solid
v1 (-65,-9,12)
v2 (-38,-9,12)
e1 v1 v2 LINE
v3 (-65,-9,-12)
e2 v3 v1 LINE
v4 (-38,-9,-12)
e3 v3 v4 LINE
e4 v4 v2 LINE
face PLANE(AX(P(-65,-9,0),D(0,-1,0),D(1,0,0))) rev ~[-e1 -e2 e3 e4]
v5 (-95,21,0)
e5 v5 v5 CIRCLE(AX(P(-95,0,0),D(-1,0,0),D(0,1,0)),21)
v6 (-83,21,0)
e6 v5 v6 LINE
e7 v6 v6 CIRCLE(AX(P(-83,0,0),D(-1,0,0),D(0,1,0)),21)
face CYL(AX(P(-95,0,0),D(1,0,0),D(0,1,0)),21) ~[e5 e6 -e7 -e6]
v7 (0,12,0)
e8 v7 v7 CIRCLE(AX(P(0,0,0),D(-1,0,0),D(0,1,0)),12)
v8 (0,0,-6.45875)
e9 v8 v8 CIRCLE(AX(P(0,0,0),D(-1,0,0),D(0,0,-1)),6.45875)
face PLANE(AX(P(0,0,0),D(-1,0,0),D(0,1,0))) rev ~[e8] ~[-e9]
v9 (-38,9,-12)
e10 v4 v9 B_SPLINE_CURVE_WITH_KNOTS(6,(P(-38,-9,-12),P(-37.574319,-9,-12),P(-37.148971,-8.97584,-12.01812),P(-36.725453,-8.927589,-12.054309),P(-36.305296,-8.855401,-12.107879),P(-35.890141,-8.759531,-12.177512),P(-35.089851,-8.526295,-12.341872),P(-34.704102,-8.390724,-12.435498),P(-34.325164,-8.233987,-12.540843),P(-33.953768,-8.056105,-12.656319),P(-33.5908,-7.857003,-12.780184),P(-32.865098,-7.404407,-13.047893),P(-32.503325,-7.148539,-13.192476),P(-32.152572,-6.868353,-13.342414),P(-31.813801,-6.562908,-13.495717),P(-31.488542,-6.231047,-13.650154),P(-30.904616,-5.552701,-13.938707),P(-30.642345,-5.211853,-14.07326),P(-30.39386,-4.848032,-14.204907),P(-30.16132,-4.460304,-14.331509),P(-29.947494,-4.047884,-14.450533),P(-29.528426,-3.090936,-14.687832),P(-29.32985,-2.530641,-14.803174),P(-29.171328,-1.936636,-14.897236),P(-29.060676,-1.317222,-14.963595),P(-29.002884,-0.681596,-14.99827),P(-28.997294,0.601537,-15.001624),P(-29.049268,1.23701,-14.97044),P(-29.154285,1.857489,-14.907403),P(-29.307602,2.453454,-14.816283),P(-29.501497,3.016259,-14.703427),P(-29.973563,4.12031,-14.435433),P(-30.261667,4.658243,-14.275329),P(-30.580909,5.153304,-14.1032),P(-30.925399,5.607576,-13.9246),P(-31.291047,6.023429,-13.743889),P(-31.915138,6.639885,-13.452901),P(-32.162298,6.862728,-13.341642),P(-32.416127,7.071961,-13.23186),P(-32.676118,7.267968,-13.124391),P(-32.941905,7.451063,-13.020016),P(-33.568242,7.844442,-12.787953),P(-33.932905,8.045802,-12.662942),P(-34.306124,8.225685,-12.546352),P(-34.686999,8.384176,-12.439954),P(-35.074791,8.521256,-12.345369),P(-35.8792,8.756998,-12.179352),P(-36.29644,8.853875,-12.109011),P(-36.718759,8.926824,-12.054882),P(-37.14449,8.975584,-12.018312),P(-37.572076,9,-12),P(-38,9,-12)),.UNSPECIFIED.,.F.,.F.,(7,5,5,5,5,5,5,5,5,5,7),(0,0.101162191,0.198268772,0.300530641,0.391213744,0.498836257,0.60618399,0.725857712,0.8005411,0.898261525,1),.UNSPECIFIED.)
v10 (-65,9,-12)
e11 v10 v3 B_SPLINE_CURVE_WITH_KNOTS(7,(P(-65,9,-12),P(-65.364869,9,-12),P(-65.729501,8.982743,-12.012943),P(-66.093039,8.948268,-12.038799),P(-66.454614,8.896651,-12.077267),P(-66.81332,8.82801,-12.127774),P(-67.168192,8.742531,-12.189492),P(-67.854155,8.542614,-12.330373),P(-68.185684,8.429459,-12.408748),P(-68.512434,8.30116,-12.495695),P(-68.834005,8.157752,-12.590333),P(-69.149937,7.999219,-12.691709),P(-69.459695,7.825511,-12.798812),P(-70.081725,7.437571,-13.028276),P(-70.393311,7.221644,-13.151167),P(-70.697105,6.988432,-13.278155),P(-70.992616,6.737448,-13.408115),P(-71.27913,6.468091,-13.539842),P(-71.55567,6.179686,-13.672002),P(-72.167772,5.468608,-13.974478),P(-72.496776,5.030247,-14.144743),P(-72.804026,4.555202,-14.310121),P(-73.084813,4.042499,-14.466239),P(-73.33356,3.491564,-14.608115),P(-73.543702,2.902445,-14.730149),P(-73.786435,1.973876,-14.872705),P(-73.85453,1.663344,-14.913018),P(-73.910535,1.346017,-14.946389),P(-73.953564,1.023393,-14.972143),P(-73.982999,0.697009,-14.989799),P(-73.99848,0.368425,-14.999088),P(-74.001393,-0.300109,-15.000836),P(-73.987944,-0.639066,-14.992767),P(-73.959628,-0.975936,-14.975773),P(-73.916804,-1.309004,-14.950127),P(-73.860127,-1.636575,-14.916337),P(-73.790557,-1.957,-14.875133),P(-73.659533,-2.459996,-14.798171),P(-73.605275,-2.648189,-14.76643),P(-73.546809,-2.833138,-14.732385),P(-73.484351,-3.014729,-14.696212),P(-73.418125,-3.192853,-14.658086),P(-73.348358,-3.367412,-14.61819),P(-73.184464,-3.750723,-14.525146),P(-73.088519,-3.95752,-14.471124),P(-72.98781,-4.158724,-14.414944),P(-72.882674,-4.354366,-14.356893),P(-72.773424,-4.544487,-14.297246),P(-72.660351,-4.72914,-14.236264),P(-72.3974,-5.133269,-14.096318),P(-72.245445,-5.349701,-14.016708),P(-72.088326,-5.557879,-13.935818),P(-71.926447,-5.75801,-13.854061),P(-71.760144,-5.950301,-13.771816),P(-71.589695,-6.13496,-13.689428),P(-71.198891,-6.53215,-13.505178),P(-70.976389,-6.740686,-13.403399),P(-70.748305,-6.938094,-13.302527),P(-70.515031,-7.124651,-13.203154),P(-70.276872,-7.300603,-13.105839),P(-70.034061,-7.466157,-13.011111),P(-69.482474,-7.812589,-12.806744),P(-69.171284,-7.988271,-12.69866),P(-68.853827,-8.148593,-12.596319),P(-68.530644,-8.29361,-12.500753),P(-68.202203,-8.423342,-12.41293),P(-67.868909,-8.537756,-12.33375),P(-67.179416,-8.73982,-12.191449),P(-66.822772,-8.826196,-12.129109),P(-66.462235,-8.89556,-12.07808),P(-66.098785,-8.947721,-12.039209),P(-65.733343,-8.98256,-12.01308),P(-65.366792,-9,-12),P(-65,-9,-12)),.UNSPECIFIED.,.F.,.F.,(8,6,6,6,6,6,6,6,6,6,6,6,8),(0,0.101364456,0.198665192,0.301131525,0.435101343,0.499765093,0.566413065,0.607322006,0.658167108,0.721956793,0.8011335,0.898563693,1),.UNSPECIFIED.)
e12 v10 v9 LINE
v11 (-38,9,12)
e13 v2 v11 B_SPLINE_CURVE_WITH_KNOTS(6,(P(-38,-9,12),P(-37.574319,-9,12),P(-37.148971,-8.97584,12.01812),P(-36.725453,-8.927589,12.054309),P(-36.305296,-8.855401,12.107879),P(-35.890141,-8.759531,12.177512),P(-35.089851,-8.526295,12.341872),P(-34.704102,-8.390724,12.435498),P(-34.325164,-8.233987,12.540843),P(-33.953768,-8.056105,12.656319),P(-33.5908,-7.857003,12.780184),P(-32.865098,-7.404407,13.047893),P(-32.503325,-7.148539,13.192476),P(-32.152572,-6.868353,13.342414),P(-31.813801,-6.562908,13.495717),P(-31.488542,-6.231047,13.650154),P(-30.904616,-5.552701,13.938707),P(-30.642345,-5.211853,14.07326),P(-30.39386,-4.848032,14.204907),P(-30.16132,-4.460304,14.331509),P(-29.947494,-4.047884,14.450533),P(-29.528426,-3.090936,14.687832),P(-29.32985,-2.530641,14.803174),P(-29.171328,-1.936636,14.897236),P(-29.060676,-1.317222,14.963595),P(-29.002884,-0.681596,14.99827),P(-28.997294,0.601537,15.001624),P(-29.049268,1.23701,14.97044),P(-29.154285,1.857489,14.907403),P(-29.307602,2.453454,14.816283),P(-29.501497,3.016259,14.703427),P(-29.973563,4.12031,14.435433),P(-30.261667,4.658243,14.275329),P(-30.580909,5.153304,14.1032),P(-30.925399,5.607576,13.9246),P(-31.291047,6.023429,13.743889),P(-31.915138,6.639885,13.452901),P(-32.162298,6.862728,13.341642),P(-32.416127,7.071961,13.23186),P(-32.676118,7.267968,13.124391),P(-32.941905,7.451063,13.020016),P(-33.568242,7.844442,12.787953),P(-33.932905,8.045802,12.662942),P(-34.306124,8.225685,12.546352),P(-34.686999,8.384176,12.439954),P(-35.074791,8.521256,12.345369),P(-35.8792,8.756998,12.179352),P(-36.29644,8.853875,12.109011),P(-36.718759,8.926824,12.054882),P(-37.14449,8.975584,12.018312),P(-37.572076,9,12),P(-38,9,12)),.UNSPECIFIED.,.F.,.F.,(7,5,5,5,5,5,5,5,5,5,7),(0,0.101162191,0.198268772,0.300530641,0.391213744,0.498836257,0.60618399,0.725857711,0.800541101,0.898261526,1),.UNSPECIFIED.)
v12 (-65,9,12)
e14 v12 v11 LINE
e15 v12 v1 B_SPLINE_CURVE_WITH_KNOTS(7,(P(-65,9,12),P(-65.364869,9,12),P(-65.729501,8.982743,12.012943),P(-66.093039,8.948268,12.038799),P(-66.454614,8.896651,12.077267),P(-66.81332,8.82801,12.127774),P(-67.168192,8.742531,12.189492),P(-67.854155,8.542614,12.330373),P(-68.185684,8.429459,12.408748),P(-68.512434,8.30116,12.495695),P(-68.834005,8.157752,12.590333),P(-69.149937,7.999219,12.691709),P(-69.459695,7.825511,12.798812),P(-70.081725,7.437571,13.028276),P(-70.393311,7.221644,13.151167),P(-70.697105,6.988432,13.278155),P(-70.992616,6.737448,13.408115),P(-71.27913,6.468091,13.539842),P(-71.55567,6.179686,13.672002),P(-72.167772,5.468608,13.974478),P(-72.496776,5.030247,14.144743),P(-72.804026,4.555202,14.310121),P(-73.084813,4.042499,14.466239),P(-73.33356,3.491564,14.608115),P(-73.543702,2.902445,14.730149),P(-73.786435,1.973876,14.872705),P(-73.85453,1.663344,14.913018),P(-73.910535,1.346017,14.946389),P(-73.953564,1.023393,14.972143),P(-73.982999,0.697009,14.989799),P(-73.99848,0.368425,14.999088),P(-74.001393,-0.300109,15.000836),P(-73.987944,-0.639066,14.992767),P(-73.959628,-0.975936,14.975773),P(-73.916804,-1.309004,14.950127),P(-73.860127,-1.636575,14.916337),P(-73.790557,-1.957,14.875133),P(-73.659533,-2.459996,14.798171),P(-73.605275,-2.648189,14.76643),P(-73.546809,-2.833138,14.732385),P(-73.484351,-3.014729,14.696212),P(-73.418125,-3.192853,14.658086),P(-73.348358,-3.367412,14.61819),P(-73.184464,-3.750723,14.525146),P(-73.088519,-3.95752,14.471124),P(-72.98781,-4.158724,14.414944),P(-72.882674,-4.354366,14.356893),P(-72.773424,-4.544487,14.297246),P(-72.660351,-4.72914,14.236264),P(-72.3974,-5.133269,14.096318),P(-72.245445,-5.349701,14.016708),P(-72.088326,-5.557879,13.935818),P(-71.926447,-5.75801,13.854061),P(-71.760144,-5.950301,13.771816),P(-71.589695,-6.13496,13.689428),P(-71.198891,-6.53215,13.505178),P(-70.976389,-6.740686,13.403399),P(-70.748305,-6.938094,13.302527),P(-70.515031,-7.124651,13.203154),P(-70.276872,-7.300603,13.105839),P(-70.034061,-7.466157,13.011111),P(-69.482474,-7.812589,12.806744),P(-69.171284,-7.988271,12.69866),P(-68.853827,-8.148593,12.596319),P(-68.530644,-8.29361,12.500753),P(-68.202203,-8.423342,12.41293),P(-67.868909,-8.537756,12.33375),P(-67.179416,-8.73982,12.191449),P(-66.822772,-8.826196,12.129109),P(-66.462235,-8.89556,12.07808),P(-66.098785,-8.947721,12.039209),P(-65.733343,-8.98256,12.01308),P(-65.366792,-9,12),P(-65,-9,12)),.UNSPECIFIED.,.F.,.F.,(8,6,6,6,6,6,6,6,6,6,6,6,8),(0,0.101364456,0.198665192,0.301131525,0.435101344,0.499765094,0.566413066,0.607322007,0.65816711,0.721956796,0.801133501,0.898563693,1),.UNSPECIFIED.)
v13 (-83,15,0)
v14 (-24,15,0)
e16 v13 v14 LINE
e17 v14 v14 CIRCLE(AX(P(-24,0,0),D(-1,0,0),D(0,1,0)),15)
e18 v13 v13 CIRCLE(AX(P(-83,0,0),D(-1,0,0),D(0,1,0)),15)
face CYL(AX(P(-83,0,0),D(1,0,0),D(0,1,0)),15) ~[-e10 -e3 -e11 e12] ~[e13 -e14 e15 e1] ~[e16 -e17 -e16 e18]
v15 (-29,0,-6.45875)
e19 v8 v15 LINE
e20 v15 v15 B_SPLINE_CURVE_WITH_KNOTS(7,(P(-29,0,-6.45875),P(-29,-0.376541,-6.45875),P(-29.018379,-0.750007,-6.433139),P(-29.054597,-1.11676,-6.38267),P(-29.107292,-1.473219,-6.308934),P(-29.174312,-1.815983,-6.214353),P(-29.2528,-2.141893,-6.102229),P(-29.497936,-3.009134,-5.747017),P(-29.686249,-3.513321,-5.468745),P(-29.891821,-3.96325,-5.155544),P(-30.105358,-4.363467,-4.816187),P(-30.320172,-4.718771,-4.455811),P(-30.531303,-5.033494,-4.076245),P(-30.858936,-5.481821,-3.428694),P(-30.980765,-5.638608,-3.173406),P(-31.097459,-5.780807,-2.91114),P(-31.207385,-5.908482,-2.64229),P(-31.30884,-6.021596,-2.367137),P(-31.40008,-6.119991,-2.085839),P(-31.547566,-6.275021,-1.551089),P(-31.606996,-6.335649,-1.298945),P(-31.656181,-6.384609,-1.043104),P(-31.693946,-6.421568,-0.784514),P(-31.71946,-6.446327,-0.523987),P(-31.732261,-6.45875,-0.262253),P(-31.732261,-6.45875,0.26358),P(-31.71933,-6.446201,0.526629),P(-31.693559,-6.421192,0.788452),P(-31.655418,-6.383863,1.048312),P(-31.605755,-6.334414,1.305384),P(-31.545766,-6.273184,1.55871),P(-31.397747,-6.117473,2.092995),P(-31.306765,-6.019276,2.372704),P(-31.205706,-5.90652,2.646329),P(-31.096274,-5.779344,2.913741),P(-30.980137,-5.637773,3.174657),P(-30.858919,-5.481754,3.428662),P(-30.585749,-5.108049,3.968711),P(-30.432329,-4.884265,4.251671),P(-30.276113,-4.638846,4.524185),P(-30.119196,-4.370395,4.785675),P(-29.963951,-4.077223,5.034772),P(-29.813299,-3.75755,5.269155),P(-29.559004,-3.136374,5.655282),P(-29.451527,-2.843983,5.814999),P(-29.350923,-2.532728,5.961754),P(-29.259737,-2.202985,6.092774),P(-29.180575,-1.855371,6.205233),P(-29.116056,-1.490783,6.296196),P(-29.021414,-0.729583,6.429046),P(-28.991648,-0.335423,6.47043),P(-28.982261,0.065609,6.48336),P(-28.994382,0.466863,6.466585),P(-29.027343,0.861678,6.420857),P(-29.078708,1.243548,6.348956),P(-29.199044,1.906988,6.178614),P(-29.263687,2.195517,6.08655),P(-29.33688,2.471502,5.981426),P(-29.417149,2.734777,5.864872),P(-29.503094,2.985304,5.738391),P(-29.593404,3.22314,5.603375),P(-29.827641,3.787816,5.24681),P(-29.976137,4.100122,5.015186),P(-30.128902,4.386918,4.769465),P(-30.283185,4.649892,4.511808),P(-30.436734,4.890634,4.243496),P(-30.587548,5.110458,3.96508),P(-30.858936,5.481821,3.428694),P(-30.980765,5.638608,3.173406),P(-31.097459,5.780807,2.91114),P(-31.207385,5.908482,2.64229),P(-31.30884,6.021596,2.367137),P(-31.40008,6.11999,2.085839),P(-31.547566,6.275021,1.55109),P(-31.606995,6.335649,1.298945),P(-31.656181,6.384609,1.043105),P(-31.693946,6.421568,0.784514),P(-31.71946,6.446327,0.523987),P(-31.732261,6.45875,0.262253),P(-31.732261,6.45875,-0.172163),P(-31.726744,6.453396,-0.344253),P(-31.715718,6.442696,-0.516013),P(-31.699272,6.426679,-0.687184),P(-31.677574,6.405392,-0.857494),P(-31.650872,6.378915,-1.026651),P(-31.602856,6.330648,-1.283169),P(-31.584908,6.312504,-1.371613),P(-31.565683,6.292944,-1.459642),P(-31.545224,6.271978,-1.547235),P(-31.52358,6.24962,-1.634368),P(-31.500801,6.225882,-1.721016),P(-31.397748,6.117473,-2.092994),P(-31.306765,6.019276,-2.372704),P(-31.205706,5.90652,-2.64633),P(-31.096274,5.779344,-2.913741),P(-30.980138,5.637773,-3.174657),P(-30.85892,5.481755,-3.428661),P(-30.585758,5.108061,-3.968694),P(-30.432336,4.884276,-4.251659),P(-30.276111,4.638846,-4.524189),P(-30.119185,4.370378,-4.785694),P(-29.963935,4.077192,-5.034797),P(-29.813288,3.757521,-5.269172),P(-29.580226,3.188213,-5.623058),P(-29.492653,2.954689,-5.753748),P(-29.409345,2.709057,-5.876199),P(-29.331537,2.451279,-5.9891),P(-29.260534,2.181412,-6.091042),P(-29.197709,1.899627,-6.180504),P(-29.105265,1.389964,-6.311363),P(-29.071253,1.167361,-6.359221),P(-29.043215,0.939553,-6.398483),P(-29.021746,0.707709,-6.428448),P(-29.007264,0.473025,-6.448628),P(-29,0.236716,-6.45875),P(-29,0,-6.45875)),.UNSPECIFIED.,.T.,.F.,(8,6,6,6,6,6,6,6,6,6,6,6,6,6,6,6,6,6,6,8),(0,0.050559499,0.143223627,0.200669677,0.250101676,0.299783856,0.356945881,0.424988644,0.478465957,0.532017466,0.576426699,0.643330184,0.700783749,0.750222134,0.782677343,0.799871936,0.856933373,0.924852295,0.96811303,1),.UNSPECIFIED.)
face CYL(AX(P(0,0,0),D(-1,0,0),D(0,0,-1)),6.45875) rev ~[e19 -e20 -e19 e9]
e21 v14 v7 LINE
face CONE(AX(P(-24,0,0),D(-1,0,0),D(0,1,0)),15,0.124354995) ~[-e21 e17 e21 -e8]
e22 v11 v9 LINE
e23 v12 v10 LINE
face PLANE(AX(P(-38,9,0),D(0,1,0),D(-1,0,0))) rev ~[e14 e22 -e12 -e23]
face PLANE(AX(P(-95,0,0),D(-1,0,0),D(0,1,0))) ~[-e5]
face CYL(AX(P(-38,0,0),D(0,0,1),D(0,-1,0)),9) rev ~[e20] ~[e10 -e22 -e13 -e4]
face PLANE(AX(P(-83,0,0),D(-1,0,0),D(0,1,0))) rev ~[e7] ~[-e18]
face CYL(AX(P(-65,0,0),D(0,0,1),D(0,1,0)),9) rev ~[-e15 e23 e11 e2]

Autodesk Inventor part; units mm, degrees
ref_plane "YZ Plane" through (0, 0, 0) normal (1, 0, 0) x (0, 1, 0)
ref_plane "XZ Plane" through (0, 0, 0) normal (0, 1, 0) x (-1, 0, 0)
ref_plane "XY Plane" through (0, 0, 0) normal (0, 0, 1) x (1, 0, 0)
sketch "Sketch1" plane through (0, 0, 0) normal (0, 0, 1) x (1, 0, 0)
  line L0 (0, 0) -> (-95, 0)
  line L1 (-95, 0) -> (-95, 21)
  line L2 (-95, 21) -> (-83, 21)
  line L3 (-83, 21) -> (-83, 15)
  line L4 (-83, 15) -> (-24, 15)
  line L5 (-24, 15) -> (0, 12)
  line L6 (0, 12) -> (0, 0)
  dimension "d0" = 12
  dimension "d1" = 59
  dimension "d2" = 24
  dimension "d3" = 12
  dimension "d4" = 21
  dimension "d5" = 15
revolve "Revolution1" add sketch "Sketch1" angle 360 about axis through (0, 0, 0) along (-1, 0, 0)
sketch "Sketch2" plane through (0, 0, 0) normal (0, 0, 1) x (1, 0, 0)
  line L0 (-65, 0) -> (-38, 0) construction
  line L1 (-65, -9) -> (-38, -9)
  line L2 (-38, 9) -> (-65, 9)
  arc A0 (-65, 9) -> (-65, -9) centre (-65, 0) ccw
  arc A1 (-38, -9) -> (-38, 9) centre (-38, 0) ccw
  line L3 (-95, -21) -> (-95, 21) projected
  point P0 (0, 0)
  point P1 (-51.5, 0)
  dimension "d7" = 27
  dimension "d8" = 30
  dimension "d9" = 9
extrude "Extrusion1" cut sketch "Sketch2" against normal through all both and the other way through all
sketch "Sketch3" plane through (0, 0, 0) normal (1, 0, 0) x (0, 0, -1)
  point P0 (0, 0)
  point P1 (0, 0)
hole "Hole1" at (0, 0, 0) direction (-1, 0, 0) diameter 12.9175 depth 40 tip angle 118 thread size "M14x1" class "6H" standard "ANSI Metric M Profile"
properties part number "tool holder"
